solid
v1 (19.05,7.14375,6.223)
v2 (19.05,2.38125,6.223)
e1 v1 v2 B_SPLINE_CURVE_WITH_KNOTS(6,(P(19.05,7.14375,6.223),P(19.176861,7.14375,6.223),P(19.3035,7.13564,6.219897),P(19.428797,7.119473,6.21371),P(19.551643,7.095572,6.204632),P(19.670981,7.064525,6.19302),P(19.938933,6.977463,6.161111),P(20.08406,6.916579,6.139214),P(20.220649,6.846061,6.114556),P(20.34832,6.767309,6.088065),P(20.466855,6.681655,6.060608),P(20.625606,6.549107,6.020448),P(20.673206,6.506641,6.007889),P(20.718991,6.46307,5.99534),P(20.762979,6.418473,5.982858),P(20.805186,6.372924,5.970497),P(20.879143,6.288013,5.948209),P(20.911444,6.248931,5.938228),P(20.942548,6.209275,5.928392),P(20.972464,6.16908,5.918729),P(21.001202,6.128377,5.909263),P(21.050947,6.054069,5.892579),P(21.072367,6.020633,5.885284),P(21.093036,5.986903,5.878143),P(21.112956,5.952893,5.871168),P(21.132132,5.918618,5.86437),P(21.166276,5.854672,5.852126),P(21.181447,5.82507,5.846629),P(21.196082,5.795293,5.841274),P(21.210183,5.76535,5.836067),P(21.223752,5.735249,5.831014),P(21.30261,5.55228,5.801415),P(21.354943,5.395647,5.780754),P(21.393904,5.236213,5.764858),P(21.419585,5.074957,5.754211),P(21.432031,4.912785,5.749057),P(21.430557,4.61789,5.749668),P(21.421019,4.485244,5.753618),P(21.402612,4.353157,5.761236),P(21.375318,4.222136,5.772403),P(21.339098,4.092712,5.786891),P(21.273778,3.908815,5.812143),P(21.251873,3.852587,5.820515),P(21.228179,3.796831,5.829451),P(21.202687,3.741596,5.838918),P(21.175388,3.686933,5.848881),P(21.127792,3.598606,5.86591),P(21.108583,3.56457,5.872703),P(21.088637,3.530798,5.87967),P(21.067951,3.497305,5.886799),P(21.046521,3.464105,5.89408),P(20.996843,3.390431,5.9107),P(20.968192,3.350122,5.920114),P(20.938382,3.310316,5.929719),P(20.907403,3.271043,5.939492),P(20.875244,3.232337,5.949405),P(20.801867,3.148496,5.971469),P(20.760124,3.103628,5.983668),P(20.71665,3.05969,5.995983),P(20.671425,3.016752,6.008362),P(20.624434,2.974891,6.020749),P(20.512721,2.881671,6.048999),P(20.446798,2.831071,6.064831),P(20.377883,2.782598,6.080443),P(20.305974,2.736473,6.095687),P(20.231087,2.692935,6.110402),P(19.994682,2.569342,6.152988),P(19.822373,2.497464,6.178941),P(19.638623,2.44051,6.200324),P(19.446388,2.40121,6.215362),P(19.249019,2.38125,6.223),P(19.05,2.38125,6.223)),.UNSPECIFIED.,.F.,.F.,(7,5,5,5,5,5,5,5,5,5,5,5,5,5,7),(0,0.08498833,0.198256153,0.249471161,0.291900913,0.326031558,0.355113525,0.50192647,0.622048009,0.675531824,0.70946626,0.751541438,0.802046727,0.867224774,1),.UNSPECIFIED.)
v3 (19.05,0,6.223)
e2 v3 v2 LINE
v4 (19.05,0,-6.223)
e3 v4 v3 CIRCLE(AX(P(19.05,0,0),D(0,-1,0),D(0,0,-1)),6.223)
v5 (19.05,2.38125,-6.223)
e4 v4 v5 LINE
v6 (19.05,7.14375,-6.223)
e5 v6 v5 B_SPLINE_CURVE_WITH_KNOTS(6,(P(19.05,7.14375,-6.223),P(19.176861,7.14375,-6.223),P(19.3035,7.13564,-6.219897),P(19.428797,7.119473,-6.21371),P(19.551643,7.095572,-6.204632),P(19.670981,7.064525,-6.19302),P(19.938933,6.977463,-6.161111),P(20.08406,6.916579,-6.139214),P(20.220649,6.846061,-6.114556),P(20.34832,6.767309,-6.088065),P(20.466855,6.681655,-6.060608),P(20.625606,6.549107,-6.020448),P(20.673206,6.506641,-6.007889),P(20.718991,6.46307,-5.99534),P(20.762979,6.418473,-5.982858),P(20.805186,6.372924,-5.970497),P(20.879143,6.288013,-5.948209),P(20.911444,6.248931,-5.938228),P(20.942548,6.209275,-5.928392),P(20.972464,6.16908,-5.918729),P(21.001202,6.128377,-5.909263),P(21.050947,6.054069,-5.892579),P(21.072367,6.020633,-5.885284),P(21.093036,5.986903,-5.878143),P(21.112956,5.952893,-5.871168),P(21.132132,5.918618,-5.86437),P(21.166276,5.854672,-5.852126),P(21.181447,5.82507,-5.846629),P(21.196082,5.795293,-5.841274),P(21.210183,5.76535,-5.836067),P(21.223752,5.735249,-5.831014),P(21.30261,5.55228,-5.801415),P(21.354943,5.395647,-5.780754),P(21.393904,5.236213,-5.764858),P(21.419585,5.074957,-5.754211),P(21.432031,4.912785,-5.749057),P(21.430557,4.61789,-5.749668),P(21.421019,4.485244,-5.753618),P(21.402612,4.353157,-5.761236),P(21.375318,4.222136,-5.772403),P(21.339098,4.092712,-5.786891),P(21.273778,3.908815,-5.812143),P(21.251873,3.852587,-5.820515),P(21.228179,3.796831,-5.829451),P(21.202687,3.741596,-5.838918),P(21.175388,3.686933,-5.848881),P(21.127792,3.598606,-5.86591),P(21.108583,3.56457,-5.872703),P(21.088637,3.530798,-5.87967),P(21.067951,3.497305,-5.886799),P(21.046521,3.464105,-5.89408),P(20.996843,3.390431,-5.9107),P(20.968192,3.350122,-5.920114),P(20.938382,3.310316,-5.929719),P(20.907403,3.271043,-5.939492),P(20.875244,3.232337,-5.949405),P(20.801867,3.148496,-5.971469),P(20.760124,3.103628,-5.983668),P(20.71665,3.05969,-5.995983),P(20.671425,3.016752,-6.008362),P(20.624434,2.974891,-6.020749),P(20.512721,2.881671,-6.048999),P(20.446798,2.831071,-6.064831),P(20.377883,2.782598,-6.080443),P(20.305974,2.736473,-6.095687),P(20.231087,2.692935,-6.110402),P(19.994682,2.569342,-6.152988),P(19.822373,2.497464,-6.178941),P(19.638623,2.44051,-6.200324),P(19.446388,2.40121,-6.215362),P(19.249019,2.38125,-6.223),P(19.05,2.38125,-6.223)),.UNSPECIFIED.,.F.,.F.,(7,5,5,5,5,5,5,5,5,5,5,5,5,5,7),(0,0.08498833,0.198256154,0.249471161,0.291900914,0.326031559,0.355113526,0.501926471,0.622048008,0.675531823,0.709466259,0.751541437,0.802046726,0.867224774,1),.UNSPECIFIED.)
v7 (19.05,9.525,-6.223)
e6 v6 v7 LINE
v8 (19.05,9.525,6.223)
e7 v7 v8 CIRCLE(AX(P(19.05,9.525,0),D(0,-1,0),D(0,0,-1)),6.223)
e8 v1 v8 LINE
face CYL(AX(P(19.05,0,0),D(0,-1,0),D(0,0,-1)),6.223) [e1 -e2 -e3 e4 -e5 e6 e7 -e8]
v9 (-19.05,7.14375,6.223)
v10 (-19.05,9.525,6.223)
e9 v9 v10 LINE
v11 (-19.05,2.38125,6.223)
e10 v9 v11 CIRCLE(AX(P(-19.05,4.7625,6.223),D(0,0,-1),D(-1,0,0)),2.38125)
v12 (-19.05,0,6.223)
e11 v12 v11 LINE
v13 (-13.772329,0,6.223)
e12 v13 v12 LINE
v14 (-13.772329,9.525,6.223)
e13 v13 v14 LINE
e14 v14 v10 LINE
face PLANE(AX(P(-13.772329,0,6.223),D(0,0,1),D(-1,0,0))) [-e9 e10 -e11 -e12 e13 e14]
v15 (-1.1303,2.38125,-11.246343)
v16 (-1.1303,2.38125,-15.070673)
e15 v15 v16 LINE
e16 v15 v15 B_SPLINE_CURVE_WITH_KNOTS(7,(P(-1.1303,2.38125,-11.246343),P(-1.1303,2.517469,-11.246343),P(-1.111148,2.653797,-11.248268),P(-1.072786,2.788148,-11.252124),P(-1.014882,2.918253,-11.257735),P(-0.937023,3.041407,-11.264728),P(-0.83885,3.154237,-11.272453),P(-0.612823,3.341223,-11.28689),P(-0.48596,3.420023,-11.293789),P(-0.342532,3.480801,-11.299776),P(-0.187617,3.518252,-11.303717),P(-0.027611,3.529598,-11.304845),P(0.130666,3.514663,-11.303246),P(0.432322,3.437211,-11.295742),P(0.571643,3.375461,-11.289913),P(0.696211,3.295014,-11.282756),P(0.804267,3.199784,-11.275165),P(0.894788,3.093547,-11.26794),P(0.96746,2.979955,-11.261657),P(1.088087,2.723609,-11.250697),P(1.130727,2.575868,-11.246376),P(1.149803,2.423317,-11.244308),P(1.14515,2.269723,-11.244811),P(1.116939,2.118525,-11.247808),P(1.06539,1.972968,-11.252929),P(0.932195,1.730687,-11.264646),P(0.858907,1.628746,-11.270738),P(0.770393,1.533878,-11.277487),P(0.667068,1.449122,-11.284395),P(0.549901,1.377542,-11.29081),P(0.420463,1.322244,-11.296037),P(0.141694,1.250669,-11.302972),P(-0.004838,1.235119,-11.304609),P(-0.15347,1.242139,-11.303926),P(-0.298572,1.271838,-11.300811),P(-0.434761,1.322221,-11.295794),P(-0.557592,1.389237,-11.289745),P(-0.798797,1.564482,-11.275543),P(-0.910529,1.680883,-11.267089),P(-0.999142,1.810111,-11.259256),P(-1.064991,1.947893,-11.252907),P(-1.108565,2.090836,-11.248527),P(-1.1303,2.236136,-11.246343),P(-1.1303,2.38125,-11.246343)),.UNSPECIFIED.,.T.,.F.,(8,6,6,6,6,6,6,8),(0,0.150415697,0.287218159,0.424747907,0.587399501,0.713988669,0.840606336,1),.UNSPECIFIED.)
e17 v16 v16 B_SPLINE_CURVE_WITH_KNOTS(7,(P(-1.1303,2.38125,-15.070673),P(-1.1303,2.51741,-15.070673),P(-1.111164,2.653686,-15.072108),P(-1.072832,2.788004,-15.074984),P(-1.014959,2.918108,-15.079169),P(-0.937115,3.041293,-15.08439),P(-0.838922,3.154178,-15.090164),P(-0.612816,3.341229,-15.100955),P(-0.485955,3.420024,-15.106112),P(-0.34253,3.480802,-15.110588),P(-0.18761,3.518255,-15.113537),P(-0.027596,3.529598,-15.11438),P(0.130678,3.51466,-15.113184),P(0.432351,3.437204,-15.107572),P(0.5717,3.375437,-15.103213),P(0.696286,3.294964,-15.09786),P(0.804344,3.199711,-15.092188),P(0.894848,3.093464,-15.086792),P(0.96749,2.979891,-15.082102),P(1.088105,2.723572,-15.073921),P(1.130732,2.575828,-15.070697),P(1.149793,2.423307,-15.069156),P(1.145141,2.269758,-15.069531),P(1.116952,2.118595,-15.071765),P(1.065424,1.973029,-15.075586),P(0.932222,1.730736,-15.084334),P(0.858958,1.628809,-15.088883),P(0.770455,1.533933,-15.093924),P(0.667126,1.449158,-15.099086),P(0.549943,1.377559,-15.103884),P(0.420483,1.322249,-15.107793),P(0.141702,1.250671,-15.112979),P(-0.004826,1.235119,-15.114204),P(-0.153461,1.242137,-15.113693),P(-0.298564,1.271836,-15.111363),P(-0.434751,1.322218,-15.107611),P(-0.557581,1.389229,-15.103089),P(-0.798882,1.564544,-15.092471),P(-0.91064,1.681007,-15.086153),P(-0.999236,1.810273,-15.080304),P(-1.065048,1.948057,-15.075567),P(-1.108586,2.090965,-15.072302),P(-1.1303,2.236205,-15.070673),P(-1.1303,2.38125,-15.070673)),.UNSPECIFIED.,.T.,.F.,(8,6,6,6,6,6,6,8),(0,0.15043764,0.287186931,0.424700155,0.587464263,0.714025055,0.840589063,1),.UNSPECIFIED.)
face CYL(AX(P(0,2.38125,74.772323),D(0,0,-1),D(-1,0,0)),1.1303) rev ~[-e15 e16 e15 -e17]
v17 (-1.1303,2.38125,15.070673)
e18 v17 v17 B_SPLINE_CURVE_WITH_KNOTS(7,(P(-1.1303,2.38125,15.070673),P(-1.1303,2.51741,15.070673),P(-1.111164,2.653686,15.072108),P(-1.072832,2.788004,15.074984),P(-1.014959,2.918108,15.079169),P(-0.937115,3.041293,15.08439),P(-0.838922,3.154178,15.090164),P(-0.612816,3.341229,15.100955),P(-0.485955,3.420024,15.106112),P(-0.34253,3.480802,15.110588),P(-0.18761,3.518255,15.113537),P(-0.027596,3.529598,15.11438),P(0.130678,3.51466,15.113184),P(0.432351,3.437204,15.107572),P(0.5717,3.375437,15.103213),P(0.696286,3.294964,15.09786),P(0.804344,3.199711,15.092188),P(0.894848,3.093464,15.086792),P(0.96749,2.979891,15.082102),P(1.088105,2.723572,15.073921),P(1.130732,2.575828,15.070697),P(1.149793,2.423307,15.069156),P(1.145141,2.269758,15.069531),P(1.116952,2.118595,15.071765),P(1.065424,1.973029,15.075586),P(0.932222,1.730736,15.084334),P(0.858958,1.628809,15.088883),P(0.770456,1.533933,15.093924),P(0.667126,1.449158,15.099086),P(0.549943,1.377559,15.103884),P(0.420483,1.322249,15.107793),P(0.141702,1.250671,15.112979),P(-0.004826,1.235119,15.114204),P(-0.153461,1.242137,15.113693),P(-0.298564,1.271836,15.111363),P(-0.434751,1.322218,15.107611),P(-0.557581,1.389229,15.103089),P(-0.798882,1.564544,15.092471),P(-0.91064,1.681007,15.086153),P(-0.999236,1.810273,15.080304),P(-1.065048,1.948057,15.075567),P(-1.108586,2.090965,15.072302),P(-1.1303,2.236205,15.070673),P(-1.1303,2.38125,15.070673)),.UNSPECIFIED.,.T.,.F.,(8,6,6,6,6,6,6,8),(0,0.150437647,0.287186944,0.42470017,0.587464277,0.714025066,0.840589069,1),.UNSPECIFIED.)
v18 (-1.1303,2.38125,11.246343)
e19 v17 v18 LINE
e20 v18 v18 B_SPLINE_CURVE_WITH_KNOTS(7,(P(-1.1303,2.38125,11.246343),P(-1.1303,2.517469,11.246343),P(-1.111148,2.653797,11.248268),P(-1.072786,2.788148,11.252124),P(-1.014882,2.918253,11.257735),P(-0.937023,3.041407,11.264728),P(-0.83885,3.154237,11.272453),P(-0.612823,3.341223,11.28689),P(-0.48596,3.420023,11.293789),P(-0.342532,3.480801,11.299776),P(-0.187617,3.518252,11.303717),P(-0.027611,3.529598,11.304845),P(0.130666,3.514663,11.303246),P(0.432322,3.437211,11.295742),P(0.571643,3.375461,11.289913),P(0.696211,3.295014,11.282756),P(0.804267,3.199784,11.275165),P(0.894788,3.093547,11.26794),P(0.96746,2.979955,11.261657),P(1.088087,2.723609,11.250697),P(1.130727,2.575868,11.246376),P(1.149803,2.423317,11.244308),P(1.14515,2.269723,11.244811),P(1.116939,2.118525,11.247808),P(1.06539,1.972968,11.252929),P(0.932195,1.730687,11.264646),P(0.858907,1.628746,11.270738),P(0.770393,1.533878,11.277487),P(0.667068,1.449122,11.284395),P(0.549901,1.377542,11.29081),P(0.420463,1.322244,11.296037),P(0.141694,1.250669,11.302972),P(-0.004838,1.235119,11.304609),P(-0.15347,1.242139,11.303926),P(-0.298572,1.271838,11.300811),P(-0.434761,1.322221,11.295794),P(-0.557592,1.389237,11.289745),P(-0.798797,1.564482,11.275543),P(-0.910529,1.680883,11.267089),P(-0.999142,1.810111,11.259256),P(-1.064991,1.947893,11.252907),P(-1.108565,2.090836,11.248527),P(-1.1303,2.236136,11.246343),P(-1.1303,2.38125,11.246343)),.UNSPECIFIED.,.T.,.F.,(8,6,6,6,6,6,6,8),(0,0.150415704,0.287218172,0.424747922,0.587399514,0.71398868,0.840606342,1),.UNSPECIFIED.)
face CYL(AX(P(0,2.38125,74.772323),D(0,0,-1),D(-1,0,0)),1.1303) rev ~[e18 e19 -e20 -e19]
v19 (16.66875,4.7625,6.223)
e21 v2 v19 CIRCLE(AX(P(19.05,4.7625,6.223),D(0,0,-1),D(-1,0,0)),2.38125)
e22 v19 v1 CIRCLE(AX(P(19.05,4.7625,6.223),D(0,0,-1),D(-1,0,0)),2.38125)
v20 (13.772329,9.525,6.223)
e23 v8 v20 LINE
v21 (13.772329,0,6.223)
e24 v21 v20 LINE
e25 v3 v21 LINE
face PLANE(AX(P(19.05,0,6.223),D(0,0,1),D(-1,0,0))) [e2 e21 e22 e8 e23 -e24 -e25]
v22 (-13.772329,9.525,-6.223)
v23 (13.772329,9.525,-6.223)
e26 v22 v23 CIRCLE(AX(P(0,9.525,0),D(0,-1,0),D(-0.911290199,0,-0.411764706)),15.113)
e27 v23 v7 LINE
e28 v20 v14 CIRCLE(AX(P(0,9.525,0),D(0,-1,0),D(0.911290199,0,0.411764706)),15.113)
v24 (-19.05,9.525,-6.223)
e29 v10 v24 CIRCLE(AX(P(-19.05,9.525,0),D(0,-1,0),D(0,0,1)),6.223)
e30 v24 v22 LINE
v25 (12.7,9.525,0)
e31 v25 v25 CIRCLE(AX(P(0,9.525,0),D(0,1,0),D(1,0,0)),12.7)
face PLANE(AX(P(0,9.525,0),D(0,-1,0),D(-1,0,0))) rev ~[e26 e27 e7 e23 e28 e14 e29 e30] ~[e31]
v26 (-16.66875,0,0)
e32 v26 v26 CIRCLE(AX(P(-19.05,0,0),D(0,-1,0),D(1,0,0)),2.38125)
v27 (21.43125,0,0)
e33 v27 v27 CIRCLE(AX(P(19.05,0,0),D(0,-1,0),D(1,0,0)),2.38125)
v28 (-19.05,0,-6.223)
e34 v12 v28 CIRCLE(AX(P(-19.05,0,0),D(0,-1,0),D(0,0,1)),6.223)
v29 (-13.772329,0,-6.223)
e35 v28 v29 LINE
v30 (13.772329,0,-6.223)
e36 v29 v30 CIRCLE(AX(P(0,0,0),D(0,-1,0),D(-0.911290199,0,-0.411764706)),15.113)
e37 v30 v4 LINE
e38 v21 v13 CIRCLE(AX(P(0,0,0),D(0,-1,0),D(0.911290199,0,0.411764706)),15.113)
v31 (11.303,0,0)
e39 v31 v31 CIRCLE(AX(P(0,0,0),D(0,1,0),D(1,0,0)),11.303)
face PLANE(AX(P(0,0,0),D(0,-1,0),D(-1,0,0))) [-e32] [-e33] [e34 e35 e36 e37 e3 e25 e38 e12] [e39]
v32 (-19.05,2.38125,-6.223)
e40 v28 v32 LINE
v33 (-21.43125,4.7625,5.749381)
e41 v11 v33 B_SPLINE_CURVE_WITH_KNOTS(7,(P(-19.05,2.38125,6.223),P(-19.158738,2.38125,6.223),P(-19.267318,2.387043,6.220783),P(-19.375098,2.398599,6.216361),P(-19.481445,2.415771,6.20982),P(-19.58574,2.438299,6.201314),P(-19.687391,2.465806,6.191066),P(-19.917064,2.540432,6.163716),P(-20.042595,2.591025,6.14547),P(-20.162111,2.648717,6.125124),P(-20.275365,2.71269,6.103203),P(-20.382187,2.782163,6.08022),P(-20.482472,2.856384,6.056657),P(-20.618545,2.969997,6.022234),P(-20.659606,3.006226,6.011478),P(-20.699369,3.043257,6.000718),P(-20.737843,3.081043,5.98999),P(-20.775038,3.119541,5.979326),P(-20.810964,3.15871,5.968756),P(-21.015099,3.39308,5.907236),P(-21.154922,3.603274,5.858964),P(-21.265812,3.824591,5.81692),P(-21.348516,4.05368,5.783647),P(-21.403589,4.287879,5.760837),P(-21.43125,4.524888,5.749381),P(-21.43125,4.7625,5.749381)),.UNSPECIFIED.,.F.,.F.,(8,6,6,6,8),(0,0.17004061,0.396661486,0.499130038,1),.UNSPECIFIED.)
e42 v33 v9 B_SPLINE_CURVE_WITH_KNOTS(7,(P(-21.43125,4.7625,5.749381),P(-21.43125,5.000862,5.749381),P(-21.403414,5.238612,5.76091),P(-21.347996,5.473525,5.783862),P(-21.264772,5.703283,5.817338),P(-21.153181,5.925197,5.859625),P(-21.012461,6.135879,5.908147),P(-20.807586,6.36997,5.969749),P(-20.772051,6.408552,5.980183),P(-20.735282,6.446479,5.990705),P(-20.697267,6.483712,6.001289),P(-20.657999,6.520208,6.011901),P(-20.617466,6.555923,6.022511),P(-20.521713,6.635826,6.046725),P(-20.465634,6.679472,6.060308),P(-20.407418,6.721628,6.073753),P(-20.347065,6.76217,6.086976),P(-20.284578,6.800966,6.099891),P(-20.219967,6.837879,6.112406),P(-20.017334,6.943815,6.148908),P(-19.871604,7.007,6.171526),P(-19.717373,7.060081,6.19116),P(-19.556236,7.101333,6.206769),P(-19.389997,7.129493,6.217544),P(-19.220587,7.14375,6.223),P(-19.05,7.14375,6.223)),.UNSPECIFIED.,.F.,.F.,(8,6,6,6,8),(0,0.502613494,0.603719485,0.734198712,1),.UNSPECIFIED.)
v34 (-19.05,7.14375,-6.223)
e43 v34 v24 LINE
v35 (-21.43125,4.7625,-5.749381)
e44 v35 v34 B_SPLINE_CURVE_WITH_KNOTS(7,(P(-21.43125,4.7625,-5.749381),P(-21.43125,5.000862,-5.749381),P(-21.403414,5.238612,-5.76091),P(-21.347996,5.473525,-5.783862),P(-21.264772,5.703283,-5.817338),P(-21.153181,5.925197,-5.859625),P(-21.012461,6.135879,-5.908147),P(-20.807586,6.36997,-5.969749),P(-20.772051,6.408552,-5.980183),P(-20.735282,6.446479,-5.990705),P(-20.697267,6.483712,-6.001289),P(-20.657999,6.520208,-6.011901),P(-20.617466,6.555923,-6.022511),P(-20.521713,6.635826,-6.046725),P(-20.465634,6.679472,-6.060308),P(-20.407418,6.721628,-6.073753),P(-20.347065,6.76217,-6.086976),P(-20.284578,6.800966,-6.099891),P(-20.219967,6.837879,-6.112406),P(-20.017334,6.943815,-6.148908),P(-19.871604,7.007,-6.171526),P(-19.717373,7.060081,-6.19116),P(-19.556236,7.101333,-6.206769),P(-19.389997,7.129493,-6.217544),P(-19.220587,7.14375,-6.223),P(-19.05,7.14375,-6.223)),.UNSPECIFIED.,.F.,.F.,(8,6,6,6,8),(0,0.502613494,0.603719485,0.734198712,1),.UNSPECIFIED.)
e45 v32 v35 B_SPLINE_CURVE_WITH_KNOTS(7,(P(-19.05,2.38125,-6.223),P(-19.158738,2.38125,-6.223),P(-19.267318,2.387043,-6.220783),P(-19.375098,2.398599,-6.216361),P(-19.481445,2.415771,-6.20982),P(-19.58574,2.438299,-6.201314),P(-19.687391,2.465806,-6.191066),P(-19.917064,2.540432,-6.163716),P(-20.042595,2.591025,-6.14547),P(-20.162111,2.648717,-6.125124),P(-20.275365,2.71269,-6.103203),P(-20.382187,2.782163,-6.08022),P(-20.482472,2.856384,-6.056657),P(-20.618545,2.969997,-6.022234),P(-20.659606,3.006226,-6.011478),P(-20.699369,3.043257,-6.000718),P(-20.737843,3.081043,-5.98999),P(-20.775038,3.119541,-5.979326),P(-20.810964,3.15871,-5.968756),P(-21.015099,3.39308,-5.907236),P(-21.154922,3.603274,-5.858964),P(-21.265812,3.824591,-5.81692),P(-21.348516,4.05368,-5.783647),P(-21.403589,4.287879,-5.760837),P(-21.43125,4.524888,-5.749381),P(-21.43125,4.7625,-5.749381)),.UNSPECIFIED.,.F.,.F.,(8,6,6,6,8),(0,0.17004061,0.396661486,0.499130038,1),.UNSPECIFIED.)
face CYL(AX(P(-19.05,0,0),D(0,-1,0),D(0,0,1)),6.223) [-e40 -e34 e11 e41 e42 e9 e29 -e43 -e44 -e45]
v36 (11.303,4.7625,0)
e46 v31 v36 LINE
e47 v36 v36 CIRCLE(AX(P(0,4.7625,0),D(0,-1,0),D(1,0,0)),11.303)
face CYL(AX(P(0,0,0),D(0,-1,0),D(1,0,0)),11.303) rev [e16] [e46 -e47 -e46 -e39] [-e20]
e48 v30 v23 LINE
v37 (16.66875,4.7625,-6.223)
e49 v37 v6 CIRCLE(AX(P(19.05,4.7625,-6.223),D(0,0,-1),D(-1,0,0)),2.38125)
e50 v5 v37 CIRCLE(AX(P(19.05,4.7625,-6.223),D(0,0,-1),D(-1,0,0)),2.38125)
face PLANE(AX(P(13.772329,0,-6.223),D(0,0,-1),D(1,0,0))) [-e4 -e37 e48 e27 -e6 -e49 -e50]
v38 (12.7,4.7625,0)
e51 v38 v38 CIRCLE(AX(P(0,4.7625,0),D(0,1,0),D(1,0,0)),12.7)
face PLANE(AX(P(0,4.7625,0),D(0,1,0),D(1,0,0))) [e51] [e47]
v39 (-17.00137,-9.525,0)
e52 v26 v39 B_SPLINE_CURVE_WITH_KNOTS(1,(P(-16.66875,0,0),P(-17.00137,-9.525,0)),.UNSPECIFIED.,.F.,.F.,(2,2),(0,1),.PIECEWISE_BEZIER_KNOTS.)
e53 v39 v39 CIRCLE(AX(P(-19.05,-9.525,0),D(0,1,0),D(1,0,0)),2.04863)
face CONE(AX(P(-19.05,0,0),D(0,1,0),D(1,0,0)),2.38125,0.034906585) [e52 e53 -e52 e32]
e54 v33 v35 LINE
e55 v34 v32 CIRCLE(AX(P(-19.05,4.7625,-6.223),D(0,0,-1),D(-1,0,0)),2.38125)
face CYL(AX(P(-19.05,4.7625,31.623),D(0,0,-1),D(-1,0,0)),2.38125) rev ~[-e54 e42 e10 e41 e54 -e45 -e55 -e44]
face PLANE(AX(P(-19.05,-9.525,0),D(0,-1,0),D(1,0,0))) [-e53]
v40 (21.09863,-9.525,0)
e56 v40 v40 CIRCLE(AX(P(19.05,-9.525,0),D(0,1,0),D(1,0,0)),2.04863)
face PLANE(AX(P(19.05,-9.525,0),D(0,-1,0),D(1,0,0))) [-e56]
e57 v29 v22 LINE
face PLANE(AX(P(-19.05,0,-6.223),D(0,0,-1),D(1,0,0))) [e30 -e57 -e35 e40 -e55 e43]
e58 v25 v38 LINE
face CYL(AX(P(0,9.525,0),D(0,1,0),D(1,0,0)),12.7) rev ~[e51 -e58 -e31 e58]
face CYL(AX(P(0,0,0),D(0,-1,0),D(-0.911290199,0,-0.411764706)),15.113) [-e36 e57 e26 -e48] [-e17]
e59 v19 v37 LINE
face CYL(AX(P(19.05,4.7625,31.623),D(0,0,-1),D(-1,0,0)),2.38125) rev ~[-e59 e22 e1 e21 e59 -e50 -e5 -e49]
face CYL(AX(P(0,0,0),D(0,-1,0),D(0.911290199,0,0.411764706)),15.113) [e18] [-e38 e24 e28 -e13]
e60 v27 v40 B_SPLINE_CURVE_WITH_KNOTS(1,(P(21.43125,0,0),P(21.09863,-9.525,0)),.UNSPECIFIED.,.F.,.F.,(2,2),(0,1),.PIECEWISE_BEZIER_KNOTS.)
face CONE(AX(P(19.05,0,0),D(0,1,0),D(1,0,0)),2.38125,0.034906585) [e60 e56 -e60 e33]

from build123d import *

# Parameters (mm, degrees)
SKETCH1_R                          = 11.303
BOSS_EXTRUDE1_DEPTH                = 9.525
F_4_40_TAPPED_HOLE1_D              = 2.2606
SKETCH10_R                         = 2.38125
BOSS_EXTRUDE2_DEPTH                = 9.525
BOSS_EXTRUDE2_TAPER                = 2
F_3_16_0_1875_DIAMETER_HOLE1_D     = 4.7625
F_3_16_0_1875_DIAMETER_HOLE1_DEPTH = 25.4
F_3_16_0_1875_DIAMETER_HOLE1_TIP   = 1.430799349
SKETCH14_R                         = 12.7
CUT_EXTRUDE1_DEPTH                 = 4.7625


with BuildPart() as part:
    # Sketch1 → Boss-Extrude1 (new body)
    with BuildSketch(Plane(origin=(0, 0, 0), x_dir=(1, 0, 0), z_dir=(0, 1, 0))):
        with BuildLine():
            Line((-19.05, 6.223), (-13.772328779, 6.223))
            ThreePointArc((-13.772328779, 6.223), (0, 15.113), (13.772328779, 6.223))
            Line((13.772328779, 6.223), (19.05, 6.223))
            ThreePointArc((19.05, 6.223), (25.273, 0), (19.05, -6.223))
            Line((19.05, -6.223), (13.772328779, -6.223))
            ThreePointArc((13.772328779, -6.223), (0, -15.113), (-13.772328779, -6.223))
            Line((-13.772328779, -6.223), (-19.05, -6.223))
            ThreePointArc((-19.05, -6.223), (-25.273, 0), (-19.05, 6.223))
        make_face()
        Circle(SKETCH1_R, mode=Mode.SUBTRACT)
    extrude(amount=BOSS_EXTRUDE1_DEPTH)

    # #4-40 Tapped Hole1 (through all)
    with Locations(Plane.XY.offset(15.113)):
        with Locations((0, 2.38125)):
            Hole(F_4_40_TAPPED_HOLE1_D / 2)

    # Sketch10 → Boss-Extrude2 (add)
    with BuildSketch(Plane.XZ):
        with Locations((-19.05, 0)):
            Circle(SKETCH10_R)
        with Locations((19.05, 0)):
            Circle(SKETCH10_R)
    extrude(amount=BOSS_EXTRUDE2_DEPTH, taper=BOSS_EXTRUDE2_TAPER)

    # 3/16 (0.1875) Diameter Hole1
    with Locations(Plane.XY.offset(6.223)):
        with Locations((-19.05, 4.7625), (19.05, 4.7625)):
            Hole(F_3_16_0_1875_DIAMETER_HOLE1_D / 2, depth=F_3_16_0_1875_DIAMETER_HOLE1_DEPTH)
            with Locations((0, 0, -(F_3_16_0_1875_DIAMETER_HOLE1_DEPTH + F_3_16_0_1875_DIAMETER_HOLE1_TIP / 2))):  # 118° drill point
                Cone(0, F_3_16_0_1875_DIAMETER_HOLE1_D / 2, F_3_16_0_1875_DIAMETER_HOLE1_TIP, mode=Mode.SUBTRACT)

    # Sketch14 → Cut-Extrude1 (cut)
    with BuildSketch(Plane(origin=(0, 9.525, 0), x_dir=(1, 0, 0), z_dir=(0, 1, 0))):
        Circle(SKETCH14_R)
    extrude(amount=-CUT_EXTRUDE1_DEPTH, mode=Mode.SUBTRACT)


solid = part.part
